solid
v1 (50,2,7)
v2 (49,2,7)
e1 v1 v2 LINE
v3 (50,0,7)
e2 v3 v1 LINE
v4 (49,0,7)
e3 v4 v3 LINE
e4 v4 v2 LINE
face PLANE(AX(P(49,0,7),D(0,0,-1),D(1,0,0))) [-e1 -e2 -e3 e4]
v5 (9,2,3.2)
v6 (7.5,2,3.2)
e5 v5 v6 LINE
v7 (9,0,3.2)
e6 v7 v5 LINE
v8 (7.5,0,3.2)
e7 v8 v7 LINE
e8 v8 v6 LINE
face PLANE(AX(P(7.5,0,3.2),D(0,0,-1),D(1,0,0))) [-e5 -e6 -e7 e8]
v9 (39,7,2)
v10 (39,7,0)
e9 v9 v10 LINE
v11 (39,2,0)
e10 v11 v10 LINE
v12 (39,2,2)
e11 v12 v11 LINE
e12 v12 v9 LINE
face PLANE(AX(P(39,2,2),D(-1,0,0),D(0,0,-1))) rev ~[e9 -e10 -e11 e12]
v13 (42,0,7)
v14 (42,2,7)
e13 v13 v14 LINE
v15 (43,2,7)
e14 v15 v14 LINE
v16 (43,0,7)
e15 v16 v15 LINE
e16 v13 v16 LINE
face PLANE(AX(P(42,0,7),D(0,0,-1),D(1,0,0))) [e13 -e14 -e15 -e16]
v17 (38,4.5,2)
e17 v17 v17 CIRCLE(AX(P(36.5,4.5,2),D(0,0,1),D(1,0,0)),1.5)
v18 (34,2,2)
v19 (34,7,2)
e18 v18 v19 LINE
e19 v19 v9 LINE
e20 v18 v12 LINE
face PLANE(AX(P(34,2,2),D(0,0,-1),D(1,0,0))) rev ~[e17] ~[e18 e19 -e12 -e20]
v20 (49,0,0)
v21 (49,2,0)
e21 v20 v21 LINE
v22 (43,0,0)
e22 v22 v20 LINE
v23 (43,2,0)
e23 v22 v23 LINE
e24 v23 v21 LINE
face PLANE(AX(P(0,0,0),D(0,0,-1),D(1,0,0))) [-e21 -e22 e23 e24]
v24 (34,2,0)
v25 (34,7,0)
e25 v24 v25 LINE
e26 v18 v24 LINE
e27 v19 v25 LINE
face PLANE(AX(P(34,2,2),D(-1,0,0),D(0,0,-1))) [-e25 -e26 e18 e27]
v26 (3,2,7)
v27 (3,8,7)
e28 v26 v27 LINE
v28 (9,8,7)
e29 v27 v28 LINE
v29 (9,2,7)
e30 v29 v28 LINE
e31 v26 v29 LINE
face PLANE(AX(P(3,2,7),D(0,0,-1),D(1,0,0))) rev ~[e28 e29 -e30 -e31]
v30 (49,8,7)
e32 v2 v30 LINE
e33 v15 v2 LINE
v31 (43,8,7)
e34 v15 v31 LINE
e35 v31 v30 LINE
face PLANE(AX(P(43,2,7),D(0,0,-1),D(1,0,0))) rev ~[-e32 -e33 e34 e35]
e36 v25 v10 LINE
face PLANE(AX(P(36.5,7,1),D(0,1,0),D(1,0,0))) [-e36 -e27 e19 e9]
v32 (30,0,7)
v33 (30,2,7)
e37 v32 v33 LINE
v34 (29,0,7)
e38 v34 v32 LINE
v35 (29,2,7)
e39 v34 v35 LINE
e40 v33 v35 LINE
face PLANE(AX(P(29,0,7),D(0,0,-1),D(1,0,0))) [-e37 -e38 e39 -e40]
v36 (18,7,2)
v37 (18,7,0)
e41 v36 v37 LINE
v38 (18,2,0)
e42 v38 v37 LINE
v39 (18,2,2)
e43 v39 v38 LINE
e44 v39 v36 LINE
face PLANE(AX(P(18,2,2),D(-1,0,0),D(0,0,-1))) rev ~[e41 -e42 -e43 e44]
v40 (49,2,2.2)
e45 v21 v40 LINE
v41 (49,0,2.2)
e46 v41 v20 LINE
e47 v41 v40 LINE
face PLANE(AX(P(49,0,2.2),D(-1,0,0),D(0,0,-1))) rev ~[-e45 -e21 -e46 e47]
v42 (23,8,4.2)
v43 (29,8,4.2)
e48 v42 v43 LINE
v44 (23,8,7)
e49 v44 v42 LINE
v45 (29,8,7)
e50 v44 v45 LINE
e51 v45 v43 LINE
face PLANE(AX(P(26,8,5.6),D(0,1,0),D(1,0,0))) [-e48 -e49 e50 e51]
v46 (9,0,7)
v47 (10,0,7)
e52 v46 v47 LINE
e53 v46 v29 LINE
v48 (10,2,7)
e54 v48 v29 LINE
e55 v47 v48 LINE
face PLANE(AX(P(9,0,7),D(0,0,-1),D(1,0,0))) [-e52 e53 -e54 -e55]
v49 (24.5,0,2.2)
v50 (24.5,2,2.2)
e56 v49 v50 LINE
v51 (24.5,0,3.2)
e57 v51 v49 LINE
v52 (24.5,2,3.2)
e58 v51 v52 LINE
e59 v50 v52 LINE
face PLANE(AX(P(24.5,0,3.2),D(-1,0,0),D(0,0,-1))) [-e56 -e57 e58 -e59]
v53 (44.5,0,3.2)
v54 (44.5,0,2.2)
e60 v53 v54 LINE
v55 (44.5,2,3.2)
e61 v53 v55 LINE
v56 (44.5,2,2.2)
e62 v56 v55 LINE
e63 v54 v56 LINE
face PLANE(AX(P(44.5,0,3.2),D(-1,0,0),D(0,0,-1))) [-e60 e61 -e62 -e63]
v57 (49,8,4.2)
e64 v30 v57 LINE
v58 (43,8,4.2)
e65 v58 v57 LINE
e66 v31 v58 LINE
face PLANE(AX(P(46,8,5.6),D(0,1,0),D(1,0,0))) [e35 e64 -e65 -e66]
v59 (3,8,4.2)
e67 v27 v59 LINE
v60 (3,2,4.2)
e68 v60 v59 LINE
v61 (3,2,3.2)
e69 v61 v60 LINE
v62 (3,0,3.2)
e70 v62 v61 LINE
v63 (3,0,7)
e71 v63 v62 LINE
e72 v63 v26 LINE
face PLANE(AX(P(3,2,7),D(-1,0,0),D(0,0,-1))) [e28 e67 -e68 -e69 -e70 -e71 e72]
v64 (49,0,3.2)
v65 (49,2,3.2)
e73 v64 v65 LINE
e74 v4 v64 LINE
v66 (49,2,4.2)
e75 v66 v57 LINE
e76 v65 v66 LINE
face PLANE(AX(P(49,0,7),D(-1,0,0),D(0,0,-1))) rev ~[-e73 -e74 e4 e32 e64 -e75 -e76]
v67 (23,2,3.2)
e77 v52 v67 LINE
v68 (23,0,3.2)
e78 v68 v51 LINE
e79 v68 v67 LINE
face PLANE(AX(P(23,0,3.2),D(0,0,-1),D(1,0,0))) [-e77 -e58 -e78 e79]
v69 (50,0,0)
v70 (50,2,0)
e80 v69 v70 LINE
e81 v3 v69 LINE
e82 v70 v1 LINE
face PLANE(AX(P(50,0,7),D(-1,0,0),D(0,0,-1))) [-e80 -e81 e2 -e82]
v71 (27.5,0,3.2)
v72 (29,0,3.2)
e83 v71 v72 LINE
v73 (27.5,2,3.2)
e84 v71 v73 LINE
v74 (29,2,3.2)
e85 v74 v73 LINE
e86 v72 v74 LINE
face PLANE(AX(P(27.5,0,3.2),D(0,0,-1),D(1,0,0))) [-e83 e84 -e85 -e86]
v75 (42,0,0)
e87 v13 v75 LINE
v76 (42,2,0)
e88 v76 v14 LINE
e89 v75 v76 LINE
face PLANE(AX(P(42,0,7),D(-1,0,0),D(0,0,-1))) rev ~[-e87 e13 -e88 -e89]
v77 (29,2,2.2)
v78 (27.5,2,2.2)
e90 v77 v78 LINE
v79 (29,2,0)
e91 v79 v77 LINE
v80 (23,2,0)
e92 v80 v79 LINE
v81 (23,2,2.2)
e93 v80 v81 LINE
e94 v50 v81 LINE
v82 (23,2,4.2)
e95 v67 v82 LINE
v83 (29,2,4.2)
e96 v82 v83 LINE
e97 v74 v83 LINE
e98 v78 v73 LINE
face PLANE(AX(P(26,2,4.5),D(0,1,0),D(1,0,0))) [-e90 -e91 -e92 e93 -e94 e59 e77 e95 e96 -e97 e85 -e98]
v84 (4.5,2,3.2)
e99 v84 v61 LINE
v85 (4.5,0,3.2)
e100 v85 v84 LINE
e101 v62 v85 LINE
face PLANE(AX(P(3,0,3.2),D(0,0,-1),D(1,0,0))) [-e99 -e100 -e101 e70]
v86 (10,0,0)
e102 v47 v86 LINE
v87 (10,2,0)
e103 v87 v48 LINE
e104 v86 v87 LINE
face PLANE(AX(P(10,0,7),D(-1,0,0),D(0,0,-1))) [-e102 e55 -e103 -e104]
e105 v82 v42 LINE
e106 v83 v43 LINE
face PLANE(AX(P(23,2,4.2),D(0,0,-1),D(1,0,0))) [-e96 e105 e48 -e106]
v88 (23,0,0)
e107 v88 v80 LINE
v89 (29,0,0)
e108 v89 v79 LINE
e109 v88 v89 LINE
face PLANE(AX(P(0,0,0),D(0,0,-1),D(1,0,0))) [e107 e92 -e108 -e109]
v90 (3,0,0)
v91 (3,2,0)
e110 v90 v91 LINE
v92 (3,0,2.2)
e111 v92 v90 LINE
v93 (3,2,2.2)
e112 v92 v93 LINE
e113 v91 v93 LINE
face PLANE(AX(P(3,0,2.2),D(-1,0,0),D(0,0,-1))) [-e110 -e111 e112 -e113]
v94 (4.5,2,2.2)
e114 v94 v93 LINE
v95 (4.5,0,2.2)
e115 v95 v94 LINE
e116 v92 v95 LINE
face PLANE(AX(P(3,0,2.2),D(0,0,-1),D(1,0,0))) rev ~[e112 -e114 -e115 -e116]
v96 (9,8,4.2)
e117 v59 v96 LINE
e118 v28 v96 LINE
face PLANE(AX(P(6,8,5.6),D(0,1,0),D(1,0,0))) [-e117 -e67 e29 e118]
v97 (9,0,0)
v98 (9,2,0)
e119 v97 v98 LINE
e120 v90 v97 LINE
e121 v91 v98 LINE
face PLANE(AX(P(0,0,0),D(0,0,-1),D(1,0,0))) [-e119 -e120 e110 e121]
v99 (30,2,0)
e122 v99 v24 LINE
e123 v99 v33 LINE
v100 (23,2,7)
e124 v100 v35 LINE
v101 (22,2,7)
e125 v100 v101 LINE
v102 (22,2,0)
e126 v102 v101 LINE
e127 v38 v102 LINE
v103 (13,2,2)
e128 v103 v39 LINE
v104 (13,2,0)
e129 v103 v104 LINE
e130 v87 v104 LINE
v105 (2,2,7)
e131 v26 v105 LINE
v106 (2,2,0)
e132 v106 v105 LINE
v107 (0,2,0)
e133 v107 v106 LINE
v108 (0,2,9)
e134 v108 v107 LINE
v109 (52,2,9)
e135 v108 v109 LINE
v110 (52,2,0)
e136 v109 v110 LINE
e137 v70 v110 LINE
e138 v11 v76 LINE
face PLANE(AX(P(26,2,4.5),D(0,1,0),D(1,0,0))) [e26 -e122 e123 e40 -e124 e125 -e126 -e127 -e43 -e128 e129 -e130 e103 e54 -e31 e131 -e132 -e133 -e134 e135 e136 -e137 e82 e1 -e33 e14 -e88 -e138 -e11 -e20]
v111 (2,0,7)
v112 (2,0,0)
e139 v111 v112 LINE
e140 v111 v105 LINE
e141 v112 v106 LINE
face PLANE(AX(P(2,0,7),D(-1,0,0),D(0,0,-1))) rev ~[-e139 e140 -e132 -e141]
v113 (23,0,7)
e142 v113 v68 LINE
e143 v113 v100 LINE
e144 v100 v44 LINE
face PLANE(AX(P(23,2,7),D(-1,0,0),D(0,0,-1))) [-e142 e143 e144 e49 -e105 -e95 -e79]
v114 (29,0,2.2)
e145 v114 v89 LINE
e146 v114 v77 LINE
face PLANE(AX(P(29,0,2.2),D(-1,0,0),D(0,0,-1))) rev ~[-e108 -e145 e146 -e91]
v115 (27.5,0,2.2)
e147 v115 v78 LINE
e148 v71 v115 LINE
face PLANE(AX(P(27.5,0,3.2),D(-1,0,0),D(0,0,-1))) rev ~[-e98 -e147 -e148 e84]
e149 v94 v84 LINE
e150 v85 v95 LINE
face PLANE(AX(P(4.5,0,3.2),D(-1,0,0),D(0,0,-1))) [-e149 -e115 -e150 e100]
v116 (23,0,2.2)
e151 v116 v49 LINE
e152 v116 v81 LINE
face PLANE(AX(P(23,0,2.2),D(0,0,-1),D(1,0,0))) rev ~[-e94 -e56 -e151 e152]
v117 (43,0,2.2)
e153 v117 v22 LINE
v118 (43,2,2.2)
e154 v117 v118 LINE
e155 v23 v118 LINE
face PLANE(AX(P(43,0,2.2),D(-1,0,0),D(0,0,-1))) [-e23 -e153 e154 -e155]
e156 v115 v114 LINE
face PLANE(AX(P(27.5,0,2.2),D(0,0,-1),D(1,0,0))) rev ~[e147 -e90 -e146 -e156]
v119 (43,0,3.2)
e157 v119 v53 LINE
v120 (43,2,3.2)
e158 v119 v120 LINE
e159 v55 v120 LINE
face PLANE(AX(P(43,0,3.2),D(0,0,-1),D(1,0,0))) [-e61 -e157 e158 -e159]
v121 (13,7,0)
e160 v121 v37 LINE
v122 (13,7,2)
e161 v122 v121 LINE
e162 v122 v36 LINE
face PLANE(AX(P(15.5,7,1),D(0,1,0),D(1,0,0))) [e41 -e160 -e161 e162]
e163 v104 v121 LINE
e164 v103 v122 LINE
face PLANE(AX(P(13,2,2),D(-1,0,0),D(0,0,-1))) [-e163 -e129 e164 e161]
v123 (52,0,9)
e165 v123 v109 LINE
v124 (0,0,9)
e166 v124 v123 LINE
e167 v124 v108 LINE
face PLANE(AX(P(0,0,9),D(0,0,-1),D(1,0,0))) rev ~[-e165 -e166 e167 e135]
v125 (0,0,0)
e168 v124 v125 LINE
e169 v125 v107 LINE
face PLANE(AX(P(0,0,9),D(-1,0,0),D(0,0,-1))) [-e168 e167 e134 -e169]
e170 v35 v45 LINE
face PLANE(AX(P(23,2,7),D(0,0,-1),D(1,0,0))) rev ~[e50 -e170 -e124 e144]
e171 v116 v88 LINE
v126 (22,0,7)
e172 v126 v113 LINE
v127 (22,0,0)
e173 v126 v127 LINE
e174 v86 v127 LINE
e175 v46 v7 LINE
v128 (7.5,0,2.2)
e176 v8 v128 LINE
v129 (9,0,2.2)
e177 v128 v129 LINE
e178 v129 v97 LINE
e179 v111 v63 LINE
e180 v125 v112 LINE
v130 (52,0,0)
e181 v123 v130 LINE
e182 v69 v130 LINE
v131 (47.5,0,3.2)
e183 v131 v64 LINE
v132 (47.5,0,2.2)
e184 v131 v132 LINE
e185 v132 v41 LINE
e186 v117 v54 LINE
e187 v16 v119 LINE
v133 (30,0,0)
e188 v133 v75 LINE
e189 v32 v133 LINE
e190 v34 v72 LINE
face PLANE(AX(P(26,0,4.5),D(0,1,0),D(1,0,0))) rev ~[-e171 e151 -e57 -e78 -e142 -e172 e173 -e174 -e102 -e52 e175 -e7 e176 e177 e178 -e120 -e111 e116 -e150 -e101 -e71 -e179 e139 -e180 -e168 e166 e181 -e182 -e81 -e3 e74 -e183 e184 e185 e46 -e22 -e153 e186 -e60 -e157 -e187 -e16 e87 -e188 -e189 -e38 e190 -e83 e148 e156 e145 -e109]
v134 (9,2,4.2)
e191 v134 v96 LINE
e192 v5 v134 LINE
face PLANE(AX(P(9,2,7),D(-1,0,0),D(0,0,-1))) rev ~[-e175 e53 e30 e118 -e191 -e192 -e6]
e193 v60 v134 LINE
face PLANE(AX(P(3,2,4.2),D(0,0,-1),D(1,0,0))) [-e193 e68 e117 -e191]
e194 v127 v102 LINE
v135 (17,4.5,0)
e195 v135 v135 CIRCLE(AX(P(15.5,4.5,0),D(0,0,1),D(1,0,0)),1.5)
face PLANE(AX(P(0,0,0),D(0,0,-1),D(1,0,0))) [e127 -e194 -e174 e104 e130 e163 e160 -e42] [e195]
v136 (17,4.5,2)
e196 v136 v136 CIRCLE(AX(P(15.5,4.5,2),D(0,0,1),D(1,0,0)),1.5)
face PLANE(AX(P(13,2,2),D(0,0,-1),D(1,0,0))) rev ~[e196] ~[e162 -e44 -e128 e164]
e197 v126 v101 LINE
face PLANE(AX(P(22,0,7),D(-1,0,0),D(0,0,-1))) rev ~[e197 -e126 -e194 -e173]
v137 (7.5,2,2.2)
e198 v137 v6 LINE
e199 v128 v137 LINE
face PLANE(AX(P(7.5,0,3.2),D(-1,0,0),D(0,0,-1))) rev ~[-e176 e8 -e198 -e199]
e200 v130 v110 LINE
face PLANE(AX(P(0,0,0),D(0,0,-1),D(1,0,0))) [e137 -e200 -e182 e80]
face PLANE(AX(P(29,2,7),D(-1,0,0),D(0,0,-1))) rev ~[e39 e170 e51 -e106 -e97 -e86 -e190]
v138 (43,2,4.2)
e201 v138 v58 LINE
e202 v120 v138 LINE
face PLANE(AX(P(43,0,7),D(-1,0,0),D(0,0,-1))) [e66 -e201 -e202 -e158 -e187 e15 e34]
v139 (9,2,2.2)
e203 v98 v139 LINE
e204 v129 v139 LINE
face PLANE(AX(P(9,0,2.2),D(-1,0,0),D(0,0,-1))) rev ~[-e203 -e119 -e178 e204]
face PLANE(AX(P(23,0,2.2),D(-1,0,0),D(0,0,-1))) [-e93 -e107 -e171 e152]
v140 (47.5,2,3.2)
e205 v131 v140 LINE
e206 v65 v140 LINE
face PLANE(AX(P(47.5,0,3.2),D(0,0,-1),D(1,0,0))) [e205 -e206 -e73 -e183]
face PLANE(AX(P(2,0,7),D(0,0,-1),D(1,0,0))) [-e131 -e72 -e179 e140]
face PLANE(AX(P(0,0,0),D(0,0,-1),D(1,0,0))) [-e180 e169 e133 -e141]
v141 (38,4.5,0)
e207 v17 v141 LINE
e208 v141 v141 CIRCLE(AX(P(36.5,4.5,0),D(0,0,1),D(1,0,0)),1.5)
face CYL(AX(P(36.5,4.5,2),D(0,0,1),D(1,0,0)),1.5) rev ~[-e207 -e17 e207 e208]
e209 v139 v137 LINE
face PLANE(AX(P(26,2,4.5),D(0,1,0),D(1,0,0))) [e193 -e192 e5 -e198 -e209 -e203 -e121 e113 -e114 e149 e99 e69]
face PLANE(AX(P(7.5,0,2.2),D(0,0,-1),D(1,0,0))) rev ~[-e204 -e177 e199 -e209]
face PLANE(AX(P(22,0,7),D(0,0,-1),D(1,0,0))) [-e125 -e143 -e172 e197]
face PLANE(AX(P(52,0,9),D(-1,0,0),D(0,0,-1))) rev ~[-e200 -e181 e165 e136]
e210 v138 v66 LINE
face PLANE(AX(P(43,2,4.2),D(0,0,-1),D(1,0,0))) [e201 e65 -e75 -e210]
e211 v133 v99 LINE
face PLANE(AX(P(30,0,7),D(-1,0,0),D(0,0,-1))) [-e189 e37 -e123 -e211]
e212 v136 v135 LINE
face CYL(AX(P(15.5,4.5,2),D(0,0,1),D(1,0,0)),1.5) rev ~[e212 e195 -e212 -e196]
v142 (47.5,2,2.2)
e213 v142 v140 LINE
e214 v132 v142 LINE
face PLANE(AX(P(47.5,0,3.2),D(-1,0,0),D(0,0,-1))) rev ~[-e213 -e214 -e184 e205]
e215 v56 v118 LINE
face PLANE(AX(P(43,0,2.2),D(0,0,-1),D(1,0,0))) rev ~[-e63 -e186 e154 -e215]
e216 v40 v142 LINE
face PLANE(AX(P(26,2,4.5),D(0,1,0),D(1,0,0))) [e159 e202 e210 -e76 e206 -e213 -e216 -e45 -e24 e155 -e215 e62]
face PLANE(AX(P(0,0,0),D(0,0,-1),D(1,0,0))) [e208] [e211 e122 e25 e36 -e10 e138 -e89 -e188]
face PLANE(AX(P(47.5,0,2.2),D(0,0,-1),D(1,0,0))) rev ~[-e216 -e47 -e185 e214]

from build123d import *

# Parameters (mm, degrees)
SKETCH_1_W             = 52
SKETCH_1_H             = 9
EXTRUDE_1_DEPTH        = 2
SKETCH_1_5_W           = 1
SKETCH_1_5_H           = 7
SKETCH_1_5_W_2         = 1.5
SKETCH_1_5_H_2         = 1
CUT_EXTRUDE_2_DEPTH    = 53.810983706
EXTRUDE_START          = 2
SKETCH_1_6_W           = 6
SKETCH_1_6_H           = 2.8
EXTRUDE_2_DEPTH        = 6
PATTERN_LINEAR_1_COUNT = 3
PATTERN_LINEAR_1_PITCH = 20
SKETCH_1_7_W           = 5
SKETCH_1_7_H           = 2
EXTRUDE_3_DEPTH        = 5
SKETCH_2_R             = 1.5
CUT_EXTRUDE_3_DEPTH    = 54.075418039


with BuildPart() as part:
    # 草图1 → 凸台-拉伸1 (new body)
    with BuildSketch(Plane(origin=(0, 0, 0), x_dir=(1, 0, 0), z_dir=(0, 1, 0))):
        with Locations((26, -4.5)):
            Rectangle(SKETCH_1_W, SKETCH_1_H)
    extrude(amount=EXTRUDE_1_DEPTH)

    # 草图1<5> → 切除-拉伸2 (cut, through all)
    with BuildSketch(Plane(origin=(0, 0, 0), x_dir=(1, 0, 0), z_dir=(0, 1, 0))):
        with Locations((9.5, -3.5)):
            Rectangle(SKETCH_1_5_W, SKETCH_1_5_H)
        with Locations((2.5, -3.5)):
            Rectangle(SKETCH_1_5_W, SKETCH_1_5_H)
        with Locations((3.75, -2.7)):
            Rectangle(SKETCH_1_5_W_2, SKETCH_1_5_H_2)
        with Locations((8.25, -2.7)):
            Rectangle(SKETCH_1_5_W_2, SKETCH_1_5_H_2)
    cut_extrude_2 = extrude(amount=CUT_EXTRUDE_2_DEPTH, mode=Mode.SUBTRACT)

    # 草图1<6> → 凸台-拉伸2 (add)
    with BuildSketch(Plane(origin=(0, 0, 0), x_dir=(1, 0, 0), z_dir=(0, 1, 0)).offset(EXTRUDE_START)):
        with Locations((6, -5.6)):
            Rectangle(SKETCH_1_6_W, SKETCH_1_6_H)
    extrude_2 = extrude(amount=EXTRUDE_2_DEPTH)

    # 阵列(线性)1: 切除-拉伸2, 凸台-拉伸2 ×3
    with Locations(*[(i * PATTERN_LINEAR_1_PITCH, 0, 0) for i in range(1, PATTERN_LINEAR_1_COUNT)]):
        add(cut_extrude_2, mode=Mode.SUBTRACT)
        add(extrude_2)

    # 草图1<7> → 凸台-拉伸3 (add)
    with BuildSketch(Plane(origin=(0, 0, 0), x_dir=(1, 0, 0), z_dir=(0, 1, 0)).offset(EXTRUDE_START)):
        with Locations((15.5, -1)):
            Rectangle(SKETCH_1_7_W, SKETCH_1_7_H)
        with Locations((36.5, -1)):
            Rectangle(SKETCH_1_7_W, SKETCH_1_7_H)
    extrude(amount=EXTRUDE_3_DEPTH)

    # 草图2 → 切除-拉伸3 (cut, through all)
    with BuildSketch(Plane.XY.offset(2)):
        with Locations((36.5, 4.5)):
            Circle(SKETCH_2_R)
        with Locations((15.5, 4.5)):
            Circle(SKETCH_2_R)
    extrude(amount=-CUT_EXTRUDE_3_DEPTH, mode=Mode.SUBTRACT)


solid = part.part
